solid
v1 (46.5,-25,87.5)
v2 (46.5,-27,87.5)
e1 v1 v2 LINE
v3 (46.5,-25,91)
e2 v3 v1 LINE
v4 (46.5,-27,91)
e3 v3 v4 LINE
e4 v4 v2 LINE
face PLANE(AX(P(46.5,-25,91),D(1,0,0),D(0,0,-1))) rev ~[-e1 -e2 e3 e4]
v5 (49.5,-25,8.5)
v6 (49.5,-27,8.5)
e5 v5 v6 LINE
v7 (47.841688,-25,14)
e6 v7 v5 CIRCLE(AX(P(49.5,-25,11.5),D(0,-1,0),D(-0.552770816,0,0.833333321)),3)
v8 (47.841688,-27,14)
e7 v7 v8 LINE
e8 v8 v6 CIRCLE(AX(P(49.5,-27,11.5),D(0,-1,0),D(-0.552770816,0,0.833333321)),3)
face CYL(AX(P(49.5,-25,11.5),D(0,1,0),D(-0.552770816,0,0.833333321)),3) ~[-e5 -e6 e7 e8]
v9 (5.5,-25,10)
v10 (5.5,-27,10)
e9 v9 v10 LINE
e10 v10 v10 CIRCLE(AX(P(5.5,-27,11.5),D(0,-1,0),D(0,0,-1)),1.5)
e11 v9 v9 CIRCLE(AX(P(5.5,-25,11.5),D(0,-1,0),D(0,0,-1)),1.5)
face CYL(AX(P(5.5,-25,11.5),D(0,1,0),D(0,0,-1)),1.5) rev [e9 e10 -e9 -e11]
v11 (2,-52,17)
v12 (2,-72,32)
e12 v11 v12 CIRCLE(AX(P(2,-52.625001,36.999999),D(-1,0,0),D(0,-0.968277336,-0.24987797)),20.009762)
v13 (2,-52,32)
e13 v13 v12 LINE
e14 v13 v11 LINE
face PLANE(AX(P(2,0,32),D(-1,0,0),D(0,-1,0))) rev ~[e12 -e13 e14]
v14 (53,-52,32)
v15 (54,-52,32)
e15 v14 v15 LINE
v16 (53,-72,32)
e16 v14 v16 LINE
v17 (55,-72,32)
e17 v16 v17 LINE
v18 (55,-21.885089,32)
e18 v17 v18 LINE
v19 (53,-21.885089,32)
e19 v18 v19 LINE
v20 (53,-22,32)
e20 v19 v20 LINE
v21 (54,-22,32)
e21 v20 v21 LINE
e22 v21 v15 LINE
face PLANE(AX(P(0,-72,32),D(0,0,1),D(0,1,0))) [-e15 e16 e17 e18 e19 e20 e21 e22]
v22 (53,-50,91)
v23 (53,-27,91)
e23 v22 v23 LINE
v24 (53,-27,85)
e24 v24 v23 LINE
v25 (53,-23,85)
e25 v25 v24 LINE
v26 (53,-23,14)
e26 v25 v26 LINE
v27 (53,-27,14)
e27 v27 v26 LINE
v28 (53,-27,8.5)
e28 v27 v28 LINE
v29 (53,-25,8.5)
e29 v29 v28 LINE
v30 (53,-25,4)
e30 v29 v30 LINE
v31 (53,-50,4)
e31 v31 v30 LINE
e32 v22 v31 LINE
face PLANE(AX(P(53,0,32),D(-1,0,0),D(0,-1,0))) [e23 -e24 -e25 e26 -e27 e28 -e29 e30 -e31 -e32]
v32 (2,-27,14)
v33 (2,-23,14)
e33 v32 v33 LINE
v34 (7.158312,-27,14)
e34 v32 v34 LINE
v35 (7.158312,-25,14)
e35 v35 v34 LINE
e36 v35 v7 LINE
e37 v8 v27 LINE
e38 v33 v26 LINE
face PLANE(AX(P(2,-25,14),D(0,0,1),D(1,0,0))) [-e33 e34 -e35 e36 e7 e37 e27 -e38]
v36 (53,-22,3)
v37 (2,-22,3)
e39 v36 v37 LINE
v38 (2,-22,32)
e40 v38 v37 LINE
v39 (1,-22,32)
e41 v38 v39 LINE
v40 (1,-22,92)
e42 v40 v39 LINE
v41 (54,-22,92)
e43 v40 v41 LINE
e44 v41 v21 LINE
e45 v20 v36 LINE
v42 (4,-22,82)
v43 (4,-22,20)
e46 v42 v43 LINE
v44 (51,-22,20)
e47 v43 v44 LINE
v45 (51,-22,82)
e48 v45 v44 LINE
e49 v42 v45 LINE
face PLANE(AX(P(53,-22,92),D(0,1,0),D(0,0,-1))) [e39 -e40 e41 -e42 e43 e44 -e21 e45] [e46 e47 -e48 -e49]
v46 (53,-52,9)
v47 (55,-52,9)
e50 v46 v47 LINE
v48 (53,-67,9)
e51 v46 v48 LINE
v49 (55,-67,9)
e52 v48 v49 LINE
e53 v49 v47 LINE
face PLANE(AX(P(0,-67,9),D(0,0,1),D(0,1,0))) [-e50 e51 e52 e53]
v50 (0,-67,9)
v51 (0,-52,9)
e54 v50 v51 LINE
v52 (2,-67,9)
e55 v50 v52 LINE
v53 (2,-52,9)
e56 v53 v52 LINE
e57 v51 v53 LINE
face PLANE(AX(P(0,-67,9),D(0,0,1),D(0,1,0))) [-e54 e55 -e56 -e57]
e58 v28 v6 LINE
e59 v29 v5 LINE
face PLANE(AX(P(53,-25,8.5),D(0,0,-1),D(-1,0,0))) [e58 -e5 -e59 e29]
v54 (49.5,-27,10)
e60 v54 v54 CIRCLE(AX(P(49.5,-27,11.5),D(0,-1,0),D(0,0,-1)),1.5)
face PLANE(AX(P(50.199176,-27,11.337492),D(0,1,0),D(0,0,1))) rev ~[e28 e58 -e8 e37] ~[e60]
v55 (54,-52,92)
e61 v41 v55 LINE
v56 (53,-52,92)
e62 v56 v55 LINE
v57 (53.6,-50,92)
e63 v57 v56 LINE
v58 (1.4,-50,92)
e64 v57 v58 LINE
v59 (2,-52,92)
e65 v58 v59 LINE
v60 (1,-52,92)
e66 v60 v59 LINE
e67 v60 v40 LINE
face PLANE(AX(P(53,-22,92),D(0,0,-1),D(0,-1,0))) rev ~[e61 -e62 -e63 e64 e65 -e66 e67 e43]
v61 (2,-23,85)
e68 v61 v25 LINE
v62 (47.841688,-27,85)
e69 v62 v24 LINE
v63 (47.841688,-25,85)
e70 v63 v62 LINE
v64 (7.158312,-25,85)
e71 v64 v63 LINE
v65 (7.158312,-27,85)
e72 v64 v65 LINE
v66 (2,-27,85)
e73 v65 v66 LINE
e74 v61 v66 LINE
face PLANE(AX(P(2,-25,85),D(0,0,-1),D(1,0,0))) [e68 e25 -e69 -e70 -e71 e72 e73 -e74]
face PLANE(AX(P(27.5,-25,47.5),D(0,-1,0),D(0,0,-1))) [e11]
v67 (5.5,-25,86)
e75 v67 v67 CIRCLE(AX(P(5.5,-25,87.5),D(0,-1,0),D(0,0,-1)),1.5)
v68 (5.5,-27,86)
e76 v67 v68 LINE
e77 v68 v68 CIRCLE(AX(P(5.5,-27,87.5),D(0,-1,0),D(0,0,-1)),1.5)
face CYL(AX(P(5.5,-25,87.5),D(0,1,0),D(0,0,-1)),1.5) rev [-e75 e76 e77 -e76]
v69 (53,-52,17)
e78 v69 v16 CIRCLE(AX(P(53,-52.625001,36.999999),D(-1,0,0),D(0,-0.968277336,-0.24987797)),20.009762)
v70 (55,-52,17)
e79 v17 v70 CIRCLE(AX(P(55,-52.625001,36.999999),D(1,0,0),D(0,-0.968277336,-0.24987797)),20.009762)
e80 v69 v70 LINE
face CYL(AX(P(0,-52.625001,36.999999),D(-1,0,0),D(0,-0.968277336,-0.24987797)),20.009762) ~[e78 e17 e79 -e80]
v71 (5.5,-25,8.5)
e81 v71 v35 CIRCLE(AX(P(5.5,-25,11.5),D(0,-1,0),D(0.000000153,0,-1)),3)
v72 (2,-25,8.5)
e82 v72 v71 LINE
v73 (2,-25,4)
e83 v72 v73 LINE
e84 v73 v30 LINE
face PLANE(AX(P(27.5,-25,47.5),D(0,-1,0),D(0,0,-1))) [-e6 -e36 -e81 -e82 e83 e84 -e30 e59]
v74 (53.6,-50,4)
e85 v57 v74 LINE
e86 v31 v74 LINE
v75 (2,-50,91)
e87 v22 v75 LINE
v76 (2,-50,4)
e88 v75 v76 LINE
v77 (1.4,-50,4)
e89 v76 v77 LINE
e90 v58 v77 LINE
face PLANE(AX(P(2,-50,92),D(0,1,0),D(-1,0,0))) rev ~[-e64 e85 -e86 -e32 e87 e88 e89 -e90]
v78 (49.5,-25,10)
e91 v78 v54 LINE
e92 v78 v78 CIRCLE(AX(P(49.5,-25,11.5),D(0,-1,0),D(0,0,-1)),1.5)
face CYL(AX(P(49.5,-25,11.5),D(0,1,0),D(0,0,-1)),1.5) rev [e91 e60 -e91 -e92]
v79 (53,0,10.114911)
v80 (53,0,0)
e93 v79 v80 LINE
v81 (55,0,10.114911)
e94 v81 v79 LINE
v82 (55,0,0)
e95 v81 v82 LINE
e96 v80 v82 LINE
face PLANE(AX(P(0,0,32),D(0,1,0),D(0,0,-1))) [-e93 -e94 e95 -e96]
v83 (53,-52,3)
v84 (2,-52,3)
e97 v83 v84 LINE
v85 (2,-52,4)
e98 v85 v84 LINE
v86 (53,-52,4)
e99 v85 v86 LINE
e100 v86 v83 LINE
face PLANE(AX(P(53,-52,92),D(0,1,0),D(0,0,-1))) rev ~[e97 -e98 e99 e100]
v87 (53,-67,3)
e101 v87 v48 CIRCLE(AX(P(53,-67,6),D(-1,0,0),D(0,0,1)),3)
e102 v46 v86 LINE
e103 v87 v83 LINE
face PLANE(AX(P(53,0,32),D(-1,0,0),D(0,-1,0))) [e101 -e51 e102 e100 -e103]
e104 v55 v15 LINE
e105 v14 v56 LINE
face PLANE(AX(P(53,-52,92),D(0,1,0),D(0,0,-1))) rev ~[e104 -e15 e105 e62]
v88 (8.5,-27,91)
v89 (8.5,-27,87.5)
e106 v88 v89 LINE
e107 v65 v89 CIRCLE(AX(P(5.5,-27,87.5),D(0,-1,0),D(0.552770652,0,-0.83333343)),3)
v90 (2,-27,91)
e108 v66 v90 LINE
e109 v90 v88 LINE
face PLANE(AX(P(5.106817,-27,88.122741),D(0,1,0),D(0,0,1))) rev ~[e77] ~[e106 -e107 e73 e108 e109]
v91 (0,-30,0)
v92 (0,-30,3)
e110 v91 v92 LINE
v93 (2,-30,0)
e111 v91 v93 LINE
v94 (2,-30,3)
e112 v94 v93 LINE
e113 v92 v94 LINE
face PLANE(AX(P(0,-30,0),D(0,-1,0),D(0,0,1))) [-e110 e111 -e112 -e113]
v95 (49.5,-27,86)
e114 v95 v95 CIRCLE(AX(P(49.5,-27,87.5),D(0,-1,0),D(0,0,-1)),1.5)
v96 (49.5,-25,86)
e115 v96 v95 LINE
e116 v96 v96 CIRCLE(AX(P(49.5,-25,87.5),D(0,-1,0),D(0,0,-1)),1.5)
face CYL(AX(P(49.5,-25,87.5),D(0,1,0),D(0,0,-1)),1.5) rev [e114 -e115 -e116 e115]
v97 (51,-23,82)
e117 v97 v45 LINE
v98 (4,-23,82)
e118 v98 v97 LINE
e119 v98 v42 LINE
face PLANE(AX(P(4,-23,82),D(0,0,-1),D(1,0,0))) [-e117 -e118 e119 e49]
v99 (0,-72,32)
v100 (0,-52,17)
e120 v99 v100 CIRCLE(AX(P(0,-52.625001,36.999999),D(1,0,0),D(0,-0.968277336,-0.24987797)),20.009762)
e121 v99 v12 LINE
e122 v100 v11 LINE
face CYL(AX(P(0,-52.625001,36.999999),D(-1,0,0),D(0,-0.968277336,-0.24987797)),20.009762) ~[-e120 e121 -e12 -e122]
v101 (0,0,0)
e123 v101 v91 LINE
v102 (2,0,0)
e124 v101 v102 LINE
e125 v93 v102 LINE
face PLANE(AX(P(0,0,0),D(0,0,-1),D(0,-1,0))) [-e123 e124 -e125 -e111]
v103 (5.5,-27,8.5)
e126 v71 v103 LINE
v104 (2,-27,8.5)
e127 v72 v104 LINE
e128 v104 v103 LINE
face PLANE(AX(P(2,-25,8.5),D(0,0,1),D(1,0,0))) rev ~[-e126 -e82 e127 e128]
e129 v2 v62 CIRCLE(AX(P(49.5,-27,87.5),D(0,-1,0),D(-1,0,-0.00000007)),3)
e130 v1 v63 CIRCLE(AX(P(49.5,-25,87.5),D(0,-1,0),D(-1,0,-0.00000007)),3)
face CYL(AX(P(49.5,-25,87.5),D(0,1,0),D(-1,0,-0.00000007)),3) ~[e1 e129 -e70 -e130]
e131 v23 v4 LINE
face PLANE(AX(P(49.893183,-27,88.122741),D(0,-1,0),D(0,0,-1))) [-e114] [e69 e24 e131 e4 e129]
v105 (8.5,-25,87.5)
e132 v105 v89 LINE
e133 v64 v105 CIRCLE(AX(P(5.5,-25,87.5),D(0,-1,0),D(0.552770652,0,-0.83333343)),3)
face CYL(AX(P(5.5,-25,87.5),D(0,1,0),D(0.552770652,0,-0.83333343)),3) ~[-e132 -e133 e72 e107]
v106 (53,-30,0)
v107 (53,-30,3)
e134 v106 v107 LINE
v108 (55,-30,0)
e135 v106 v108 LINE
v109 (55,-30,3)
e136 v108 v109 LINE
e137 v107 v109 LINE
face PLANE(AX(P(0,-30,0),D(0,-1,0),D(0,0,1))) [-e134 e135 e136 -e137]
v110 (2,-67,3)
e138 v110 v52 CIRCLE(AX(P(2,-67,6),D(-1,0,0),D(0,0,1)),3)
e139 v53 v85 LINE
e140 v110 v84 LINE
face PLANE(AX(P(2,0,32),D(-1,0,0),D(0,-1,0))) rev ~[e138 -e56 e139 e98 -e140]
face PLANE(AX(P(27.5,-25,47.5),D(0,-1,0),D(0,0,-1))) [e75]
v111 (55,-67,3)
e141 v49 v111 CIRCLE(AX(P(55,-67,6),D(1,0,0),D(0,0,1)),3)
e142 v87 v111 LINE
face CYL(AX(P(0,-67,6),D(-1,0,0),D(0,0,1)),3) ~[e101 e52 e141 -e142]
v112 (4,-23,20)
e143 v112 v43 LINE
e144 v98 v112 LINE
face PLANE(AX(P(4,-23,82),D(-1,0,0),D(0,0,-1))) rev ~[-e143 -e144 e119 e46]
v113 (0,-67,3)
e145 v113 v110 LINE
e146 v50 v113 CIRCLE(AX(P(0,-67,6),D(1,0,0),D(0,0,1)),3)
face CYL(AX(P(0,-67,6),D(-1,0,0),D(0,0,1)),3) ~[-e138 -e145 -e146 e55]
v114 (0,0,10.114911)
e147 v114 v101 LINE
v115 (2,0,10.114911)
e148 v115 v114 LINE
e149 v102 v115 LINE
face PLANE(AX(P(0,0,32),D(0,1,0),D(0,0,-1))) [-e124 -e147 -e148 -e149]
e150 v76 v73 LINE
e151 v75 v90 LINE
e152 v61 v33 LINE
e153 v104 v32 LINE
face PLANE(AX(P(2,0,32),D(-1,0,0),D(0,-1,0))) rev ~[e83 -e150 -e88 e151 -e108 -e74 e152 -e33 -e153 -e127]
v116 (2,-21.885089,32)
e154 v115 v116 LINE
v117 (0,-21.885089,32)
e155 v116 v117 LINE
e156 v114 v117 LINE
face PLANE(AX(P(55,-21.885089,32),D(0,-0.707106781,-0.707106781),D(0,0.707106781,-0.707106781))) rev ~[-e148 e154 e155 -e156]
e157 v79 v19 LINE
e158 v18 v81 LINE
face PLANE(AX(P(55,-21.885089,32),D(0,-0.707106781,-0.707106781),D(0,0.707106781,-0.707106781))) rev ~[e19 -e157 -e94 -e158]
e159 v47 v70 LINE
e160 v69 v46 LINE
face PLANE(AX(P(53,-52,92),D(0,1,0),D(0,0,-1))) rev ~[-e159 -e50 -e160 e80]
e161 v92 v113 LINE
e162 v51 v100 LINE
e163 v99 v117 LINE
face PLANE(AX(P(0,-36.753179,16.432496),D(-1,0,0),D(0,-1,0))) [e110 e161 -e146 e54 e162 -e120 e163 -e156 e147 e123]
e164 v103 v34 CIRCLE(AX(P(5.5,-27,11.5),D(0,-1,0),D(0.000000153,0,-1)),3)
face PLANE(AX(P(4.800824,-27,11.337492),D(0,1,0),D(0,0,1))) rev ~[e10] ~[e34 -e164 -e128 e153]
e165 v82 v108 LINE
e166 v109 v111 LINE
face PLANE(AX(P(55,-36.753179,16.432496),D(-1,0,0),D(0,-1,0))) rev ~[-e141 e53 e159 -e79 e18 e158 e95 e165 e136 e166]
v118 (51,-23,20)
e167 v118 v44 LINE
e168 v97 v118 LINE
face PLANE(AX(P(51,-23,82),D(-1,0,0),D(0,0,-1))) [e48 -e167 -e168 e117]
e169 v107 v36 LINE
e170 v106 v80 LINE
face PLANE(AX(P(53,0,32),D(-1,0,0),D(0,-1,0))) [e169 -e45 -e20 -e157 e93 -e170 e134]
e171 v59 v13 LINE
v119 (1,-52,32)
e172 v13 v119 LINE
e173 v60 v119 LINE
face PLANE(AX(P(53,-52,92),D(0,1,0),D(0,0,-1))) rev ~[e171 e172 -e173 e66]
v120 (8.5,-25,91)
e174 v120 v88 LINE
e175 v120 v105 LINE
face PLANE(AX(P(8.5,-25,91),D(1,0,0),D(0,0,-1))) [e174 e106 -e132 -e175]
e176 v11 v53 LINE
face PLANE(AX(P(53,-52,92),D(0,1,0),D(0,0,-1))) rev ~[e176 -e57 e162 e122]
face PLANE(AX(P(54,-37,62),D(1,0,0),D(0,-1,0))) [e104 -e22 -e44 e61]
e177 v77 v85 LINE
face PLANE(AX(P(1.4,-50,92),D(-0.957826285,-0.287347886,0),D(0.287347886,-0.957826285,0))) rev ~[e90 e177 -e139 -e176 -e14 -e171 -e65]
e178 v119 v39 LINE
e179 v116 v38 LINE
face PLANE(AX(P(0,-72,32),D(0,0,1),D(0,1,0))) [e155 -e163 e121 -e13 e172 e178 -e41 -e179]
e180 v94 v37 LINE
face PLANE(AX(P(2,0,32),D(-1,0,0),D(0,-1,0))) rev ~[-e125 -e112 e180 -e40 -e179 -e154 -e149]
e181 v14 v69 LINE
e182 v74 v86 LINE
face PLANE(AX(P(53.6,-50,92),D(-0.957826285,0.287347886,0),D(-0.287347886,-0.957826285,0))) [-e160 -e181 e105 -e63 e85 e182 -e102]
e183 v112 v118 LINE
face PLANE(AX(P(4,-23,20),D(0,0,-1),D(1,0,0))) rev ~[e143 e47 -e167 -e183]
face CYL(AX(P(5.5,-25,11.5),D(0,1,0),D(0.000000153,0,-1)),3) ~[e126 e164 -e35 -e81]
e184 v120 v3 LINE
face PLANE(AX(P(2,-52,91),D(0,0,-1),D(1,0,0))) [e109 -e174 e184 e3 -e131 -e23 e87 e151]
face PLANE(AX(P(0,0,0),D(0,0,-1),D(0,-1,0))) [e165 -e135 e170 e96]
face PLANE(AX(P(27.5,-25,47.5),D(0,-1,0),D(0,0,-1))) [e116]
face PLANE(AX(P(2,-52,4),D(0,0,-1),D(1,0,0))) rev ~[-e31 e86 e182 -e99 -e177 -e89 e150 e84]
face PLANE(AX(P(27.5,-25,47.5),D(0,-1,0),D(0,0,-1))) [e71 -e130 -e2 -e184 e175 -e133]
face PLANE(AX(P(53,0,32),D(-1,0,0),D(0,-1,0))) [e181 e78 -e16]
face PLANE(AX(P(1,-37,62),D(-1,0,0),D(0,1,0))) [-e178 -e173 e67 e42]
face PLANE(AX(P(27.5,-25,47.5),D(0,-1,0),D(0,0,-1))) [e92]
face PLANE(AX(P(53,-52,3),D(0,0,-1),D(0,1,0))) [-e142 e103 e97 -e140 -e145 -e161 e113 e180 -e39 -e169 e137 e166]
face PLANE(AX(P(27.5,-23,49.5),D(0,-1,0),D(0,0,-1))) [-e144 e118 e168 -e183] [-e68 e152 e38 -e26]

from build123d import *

# Parameters (mm, degrees)
PAD_DEPTH          = 55
SKETCH001_W        = 72
SKETCH001_H        = 51
POCKET_DEPTH       = 30
SKETCH002_W        = 30
SKETCH002_H        = 89
PAD001_DEPTH       = 51
PAD001_FACE5_W     = 30
PAD001_FACE5_H     = 60
PAD002_DEPTH       = 1
PAD002_FACE31_W    = 30
PAD002_FACE31_H    = 60
PAD003_DEPTH       = 1
SKETCH003_W        = 87
SKETCH003_H        = 51
POCKET001_DEPTH    = 27
SKETCH004_W        = 71
SKETCH004_H        = 51
POCKET002_DEPTH    = 2
SKETCH005_W        = 62
SKETCH005_H        = 47
POCKET003_DEPTH    = 1
SKETCH006_R        = 1.5
PAD004_DEPTH       = 2
POCKET004_DEPTH    = 55.001
SKETCH008_W        = 30
SKETCH008_H        = 51
POCKET005_DEPTH    = 2
POCKET005_FACE21_W = 51
POCKET005_FACE21_H = 1
POCKET006_DEPTH    = 2
POCKET007_DEPTH    = 88


with BuildPart() as part:
    # Sketch → Pad (new body)
    with BuildSketch(Plane.YZ):
        with BuildLine():
            Line((0, 0), (-30, 0))
            Line((-30, 0), (-30, 3))
            Line((-30, 3), (-67, 3))
            ThreePointArc((-67, 9), (-70, 6), (-67, 3))
            Line((-67, 9), (-52, 9))
            Line((-52, 9), (-52, 17))
            ThreePointArc((-72, 32), (-64.630858, 20.992189), (-52, 17))
            Line((-72, 32), (0, 32))
            Line((0, 32), (0, 0))
        make_face()
    extrude(amount=PAD_DEPTH)

    # Sketch001 (on Face1 of Pad) → Pocket (cut)
    with BuildSketch(Plane(origin=(0, 0, 32), x_dir=(0, -1, 0), z_dir=(0, 0, 1))):
        with Locations((36, 27.5)):
            Rectangle(SKETCH001_W, SKETCH001_H)
    extrude(amount=-POCKET_DEPTH, mode=Mode.SUBTRACT)

    # Sketch002 (on Face14 of Pocket) → Pad001 (join)
    with BuildSketch(Plane(origin=(53, 0, 0), x_dir=(0, 1, 0), z_dir=(-1, 0, 0))):
        with Locations((-37, -47.5)):
            Rectangle(SKETCH002_W, SKETCH002_H)
    extrude(amount=PAD001_DEPTH)

    # Pad001 Face5 → Pad002 (add)
    with BuildSketch(Plane(origin=(2, -37, 62), x_dir=(0, 1, 0), z_dir=(-1, 0, 0))):
        Rectangle(PAD001_FACE5_W, PAD001_FACE5_H)
    extrude(amount=PAD002_DEPTH)

    # Pad002 Face31 → Pad003 (add)
    with BuildSketch(Plane(origin=(53, -37, 62), x_dir=(0, -1, 0), z_dir=(1, 0, 0))):
        Rectangle(PAD002_FACE31_W, PAD002_FACE31_H)
    extrude(amount=PAD003_DEPTH)

    # Sketch003 (on Face23 of Pad003) → Pocket001 (cut)
    with BuildSketch(Plane(origin=(0, -52, 0), x_dir=(0, 0, -1), z_dir=(0, -1, 0))):
        with Locations((-47.5, 27.5)):
            Rectangle(SKETCH003_W, SKETCH003_H)
    extrude(amount=-POCKET001_DEPTH, mode=Mode.SUBTRACT)

    # Sketch004 (on Face39 of Pocket001) → Pocket002 (cut)
    with BuildSketch(Plane(origin=(0, -25, 0), x_dir=(0, 0, -1), z_dir=(0, -1, 0))):
        with Locations((-49.5, 27.5)):
            Rectangle(SKETCH004_W, SKETCH004_H)
    extrude(amount=-POCKET002_DEPTH, mode=Mode.SUBTRACT)

    # Sketch005 (on Face47 of Pocket002) → Pocket003 (cut)
    with BuildSketch(Plane(origin=(0, -23, 0), x_dir=(0, 0, -1), z_dir=(0, -1, 0))):
        with Locations((-51, 27.5)):
            Rectangle(SKETCH005_W, SKETCH005_H)
    extrude(amount=-POCKET003_DEPTH, mode=Mode.SUBTRACT)

    # Sketch006 (on Face43 of Pocket003) → Pad004 (join)
    with BuildSketch(Plane(origin=(0, -25, 0), x_dir=(0, 0, -1), z_dir=(0, -1, 0))):
        with BuildLine():
            Line((-8.5, 2), (-14, 2))
            Line((-14, 2), (-14, 7.158312))
            ThreePointArc((-8.5, 5.5), (-10.633975, 8.372281), (-14, 7.158312))
            Line((-8.5, 2), (-8.5, 5.5))
        make_face()
        with Locations((-11.5, 5.5)):
            Circle(SKETCH006_R, mode=Mode.SUBTRACT)
        with BuildLine():
            Line((-14, 47.841688), (-14, 53))
            Line((-14, 53), (-8.5, 53))
            Line((-8.5, 53), (-8.5, 49.5))
            ThreePointArc((-14, 47.841688), (-10.633975, 46.627719), (-8.5, 49.5))
        make_face()
        with Locations((-11.5, 49.5)):
            Circle(SKETCH006_R, mode=Mode.SUBTRACT)
        with BuildLine():
            Line((-85, 7.158312), (-85, 2))
            Line((-85, 2), (-91, 2))
            Line((-91, 2), (-91, 8.5))
            Line((-91, 8.5), (-87.5, 8.5))
            ThreePointArc((-85, 7.158312), (-86.081363, 8.143382), (-87.5, 8.5))
        make_face()
        with Locations((-87.5, 5.5)):
            Circle(SKETCH006_R, mode=Mode.SUBTRACT)
        with BuildLine():
            Line((-85, 47.841688), (-85, 53))
            Line((-85, 53), (-91, 53))
            Line((-91, 53), (-91, 46.5))
            Line((-91, 46.5), (-87.5, 46.5))
            ThreePointArc((-87.5, 46.5), (-86.081363, 46.856618), (-85, 47.841688))
        make_face()
        with Locations((-87.5, 49.5)):
            Circle(SKETCH006_R, mode=Mode.SUBTRACT)
    extrude(amount=PAD004_DEPTH)

    # Sketch007 (on Face16 of Pad004) → Pocket004 (cut, through all)
    with BuildSketch(Plane.YZ.offset(55)):
        Polygon((0.114911, 10), (0.114911, 32), (-21.885089, 32), align=None)
    extrude(amount=-POCKET004_DEPTH, mode=Mode.SUBTRACT)

    # Sketch008 (on Face15 of Pocket004) → Pocket005 (cut)
    with BuildSketch(Plane.YX):
        with Locations((-15, 27.5)):
            Rectangle(SKETCH008_W, SKETCH008_H)
    extrude(amount=-POCKET005_DEPTH, mode=Mode.SUBTRACT)

    # Pocket005 Face21 → Pocket006 (cut)
    with BuildSketch(Plane(origin=(27.5, -52, 91.5), x_dir=(-1, 0, 0), z_dir=(0, -1, 0))):
        Rectangle(POCKET005_FACE21_W, POCKET005_FACE21_H)
    extrude(amount=-POCKET006_DEPTH, mode=Mode.SUBTRACT)

    # Sketch009 (on Face20 of Pocket006) → Pocket007 (cut)
    with BuildSketch(Plane(origin=(0, 0, 92), x_dir=(0, -1, 0), z_dir=(0, 0, 1))):
        Polygon((52, 53), (50, 53), (50, 53.6), align=None)
        Polygon((52, 2), (50, 2), (50, 1.4), align=None)
    extrude(amount=-POCKET007_DEPTH, mode=Mode.SUBTRACT)


solid = part.part
